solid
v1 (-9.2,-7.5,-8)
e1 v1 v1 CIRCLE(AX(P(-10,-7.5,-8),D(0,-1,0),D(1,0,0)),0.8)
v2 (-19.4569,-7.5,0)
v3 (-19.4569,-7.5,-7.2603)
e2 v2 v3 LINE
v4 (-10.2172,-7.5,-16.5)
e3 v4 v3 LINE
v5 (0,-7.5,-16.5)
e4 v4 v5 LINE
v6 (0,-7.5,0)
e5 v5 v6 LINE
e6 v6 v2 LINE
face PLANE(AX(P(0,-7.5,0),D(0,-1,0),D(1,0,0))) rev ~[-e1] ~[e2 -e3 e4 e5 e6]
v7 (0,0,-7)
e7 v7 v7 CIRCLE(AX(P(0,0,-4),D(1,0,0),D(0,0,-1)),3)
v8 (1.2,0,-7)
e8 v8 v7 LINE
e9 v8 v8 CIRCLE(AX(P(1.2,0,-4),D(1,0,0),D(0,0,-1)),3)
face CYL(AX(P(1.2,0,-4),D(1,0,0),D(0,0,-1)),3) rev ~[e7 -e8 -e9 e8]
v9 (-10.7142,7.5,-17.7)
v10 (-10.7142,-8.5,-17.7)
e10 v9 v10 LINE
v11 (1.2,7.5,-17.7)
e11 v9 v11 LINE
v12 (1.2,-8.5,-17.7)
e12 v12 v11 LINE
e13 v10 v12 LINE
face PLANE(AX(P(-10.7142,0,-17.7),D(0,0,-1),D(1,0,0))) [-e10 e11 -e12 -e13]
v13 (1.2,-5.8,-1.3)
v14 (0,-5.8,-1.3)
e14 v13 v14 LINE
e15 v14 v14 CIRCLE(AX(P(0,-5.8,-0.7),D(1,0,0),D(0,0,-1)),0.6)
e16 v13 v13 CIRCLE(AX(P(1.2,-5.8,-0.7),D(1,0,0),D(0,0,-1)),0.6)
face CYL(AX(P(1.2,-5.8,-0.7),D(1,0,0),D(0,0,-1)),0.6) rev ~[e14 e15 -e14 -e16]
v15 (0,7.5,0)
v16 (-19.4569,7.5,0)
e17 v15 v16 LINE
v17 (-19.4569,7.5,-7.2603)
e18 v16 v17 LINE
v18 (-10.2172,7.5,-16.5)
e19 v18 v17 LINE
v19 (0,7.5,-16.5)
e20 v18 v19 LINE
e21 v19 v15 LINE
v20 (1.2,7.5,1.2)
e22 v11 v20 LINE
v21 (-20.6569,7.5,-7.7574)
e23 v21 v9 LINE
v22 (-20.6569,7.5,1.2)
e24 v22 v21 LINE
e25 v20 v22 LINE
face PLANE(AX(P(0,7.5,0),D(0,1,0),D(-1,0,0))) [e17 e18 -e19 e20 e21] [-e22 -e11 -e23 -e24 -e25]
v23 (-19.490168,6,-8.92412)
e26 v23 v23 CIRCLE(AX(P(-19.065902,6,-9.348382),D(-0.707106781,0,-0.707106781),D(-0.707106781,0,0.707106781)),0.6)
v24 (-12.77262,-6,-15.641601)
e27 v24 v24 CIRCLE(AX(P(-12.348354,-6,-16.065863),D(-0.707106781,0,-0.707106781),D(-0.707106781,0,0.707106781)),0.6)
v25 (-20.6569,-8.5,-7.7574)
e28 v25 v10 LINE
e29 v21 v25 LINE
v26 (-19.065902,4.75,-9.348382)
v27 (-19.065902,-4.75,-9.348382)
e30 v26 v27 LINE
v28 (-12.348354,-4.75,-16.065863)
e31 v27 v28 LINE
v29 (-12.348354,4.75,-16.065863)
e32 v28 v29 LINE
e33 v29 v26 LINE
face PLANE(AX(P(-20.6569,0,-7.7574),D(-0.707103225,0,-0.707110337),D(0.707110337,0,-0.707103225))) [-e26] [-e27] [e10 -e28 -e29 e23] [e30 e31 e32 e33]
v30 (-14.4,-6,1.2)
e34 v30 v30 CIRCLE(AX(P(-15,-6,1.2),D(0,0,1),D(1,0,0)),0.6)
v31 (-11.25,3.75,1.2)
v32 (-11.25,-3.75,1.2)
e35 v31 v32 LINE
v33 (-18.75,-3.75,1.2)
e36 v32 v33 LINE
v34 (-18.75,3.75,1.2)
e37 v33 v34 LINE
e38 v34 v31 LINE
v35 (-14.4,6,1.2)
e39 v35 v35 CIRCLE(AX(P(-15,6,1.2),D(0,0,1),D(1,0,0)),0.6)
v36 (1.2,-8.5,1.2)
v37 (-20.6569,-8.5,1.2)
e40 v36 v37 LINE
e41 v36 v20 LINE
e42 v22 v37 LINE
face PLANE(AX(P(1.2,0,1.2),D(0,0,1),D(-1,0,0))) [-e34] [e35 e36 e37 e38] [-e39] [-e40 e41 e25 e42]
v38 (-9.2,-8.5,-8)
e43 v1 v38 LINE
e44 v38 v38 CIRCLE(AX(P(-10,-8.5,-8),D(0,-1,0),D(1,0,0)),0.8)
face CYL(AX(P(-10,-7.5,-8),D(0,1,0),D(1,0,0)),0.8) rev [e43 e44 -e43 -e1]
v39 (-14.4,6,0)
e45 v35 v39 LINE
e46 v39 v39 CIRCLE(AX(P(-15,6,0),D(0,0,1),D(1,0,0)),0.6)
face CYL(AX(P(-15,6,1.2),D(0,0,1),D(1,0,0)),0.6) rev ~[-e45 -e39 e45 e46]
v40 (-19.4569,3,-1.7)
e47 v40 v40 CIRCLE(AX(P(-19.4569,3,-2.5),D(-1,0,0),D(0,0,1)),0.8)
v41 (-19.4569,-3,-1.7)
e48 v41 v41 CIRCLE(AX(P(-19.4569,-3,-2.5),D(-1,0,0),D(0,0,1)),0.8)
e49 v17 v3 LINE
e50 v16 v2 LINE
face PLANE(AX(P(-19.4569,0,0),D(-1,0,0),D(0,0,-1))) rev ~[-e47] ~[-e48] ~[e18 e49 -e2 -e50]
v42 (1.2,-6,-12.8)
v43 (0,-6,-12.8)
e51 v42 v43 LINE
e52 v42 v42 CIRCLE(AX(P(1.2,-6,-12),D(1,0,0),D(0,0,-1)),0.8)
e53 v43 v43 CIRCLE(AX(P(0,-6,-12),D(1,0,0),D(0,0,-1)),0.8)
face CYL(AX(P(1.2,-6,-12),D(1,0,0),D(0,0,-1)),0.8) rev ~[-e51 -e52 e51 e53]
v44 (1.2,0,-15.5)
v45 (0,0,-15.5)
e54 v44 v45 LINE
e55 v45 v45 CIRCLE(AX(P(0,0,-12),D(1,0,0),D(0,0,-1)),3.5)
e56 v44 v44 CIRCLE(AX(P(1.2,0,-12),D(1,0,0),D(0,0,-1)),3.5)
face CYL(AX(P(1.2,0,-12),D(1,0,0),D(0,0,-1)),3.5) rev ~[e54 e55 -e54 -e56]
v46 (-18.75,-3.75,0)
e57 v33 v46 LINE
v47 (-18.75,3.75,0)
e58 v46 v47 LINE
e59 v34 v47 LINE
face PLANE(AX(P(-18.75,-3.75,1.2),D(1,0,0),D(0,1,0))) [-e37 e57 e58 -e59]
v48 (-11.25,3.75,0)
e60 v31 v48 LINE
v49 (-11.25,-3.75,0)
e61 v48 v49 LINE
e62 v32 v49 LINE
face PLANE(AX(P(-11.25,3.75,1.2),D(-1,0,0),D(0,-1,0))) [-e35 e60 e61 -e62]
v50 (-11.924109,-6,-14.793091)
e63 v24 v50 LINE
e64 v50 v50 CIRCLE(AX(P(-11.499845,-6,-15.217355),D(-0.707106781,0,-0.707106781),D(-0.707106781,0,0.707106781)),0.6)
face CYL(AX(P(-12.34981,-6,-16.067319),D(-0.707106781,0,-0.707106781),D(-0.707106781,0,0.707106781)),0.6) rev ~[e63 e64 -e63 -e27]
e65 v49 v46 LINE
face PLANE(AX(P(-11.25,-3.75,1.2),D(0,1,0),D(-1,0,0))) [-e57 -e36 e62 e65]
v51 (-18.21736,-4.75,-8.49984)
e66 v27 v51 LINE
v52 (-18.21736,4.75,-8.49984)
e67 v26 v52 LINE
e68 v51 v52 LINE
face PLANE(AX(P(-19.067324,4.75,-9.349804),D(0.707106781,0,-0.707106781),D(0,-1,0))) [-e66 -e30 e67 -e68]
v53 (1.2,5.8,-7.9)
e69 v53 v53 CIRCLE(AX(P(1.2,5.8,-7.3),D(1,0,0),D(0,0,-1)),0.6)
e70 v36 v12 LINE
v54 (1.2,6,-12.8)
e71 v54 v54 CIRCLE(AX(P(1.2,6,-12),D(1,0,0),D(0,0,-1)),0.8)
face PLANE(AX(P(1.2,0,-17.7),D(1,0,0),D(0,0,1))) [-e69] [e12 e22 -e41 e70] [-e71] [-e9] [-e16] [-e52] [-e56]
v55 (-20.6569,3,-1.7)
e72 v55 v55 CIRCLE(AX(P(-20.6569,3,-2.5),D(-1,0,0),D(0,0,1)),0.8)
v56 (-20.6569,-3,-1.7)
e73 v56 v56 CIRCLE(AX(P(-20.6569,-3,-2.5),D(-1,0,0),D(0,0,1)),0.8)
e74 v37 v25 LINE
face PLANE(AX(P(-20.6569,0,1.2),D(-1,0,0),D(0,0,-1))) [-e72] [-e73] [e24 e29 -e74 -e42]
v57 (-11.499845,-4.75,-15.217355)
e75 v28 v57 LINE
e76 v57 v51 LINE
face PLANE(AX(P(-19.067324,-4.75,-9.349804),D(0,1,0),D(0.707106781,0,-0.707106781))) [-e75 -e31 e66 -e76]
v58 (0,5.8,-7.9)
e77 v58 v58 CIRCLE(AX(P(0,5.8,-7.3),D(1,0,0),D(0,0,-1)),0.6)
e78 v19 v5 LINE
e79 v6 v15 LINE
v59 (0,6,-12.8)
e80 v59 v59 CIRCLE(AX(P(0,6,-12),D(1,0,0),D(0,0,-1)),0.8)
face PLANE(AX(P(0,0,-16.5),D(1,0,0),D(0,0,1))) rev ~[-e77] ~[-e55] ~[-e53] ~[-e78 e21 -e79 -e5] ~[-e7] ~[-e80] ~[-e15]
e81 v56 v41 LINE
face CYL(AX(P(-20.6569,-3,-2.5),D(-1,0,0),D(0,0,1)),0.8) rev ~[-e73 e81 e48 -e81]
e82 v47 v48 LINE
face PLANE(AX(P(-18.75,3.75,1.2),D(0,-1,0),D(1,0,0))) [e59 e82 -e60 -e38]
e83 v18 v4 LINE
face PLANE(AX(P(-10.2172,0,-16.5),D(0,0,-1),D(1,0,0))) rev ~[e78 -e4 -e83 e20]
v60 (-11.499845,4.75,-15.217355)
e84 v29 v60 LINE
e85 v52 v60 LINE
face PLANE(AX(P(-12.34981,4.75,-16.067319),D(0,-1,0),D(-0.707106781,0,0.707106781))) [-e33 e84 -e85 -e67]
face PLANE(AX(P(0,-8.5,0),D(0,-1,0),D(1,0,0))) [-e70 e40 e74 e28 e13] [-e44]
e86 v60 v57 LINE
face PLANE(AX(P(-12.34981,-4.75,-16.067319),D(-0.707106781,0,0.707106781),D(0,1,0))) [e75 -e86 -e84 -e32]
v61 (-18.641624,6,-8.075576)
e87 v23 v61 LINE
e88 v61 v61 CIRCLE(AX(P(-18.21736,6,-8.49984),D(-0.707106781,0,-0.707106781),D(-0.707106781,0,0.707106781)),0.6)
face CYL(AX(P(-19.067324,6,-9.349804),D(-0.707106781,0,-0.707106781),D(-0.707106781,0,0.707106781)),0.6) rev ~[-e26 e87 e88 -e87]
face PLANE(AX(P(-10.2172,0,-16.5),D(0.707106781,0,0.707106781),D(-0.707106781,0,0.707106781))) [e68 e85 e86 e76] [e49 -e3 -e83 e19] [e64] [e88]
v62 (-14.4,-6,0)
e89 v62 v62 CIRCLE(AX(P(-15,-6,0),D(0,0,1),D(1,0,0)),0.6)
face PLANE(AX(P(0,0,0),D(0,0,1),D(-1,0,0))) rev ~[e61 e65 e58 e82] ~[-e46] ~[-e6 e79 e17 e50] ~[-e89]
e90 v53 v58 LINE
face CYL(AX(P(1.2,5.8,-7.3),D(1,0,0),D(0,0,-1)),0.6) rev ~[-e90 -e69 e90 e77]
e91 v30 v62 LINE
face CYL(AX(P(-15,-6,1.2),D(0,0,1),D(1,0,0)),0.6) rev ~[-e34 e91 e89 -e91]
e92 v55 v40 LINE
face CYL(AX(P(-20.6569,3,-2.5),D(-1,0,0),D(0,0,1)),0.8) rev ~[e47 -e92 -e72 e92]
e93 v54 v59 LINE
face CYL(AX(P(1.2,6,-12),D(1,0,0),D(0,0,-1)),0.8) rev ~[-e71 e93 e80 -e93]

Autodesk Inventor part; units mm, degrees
ref_plane "YZ Plane" through (0, 0, 0) normal (1, 0, 0) x (0, 1, 0)
ref_plane "XZ Plane" through (0, 0, 0) normal (0, 1, 0) x (-1, 0, 0)
ref_plane "XY Plane" through (0, 0, 0) normal (0, 0, 1) x (1, 0, 0)
sketch "Sketch1" plane through (0, 0, 0) normal (0, 1, 0) x (-1, 0, 0)
  line L0 (0, -4) -> (15, -4) construction
  line L1 (15, -4) -> (15, -12) construction
  line L2 (15, -12) -> (-4.6836, -12) construction
  line L3 (0, 0) -> (19.4569, 0)
  line L4 (19.4569, 0) -> (19.4569, -7.2603)
  line L5 (10.2172, -16.5) -> (0, -16.5)
  line L6 (0, -16.5) -> (0, 0)
  line L7 (-1.2, 1.2) -> (20.6569, 1.2)
  line L8 (20.6569, 1.2) -> (20.6569, -7.7574)
  line L9 (10.7142, -17.7) -> (-1.2, -17.7)
  line L10 (-1.2, -17.7) -> (-1.2, 1.2)
  line L11 (10.2172, -16.5) -> (19.4569, -7.2603)
  line L12 (20.6569, -7.7574) -> (10.7142, -17.7)
  line L13 (15, -12) -> (15.7071, -12.7071) construction
  line L14 (17.4749, -6.4749) -> (12.5251, -1.5251) construction
  line L15 (12.5251, -1.5251) -> (13.2676, -0.7827) construction
  line L16 (17.4749, -6.4749) -> (18.2173, -5.7324) construction
  line L17 (18.2173, -5.7324) -> (13.2676, -0.7827) construction
  line L18 (15, -12) -> (16.1863, -13.1863) construction
  point P0 (15, -8)
  dimension "d0" = 1.2
  dimension "d1" = 1.2
  dimension "d2" = 1.2
  dimension "d3" = 4
  dimension "d4" = 4.5
  dimension "d5" = 8
  dimension "d6" = 15
  dimension "d8" = 135
  dimension "d9" = 1.2
  dimension "d10" = 1.2
  dimension "d11" = 1
  dimension "d12" = 7
  dimension "d13" = 45
  dimension "d20" = 7
  dimension "d21" = 1.05
  dimension "d49" = 1.2395
  dimension "d68" = 4.4569
  dimension "d69" = 8
extrude "Extrusion1" add sketch "Sketch1" along normal mid plane 15
sketch "Sketch2" plane through (1.2, -7.5, -17.7) normal (1, 0, 0) x (0, 0, -1)
  circle A0 centre (-5.7, 7.5) radius 3.5
  circle A1 centre (-13.7, 7.5) radius 3
  circle A2 centre (-10.4, 13.3) radius 0.6
  circle A3 centre (-17, 1.7) radius 0.6
  line L0 (-10.4, 13.3) -> (-17, 1.7) construction
  line L1 (-16.7, 7.5) -> (-16.7, 7.5)
  circle A4 centre (-9.7, 1.5) radius 0.8
  line L2 (0, 0) -> (-18.9, 0) projected
  line L3 (-13.7, 7.5) -> (-5.7, 7.5) construction
  circle A5 centre (-5.7, 13.5) radius 0.8
  circle A6 centre (-5.7, 1.5) radius 0.8
  line L4 (-5.7, 1.5) -> (-5.7, 13.5) construction
  point P0 (-17.7, 7.5)
  point P1 (-5.7, 7.5)
  point P2 (-9.7, 7.5)
  dimension "d22" = 7
  dimension "d23" = 6
  dimension "d56" = 5.8
  dimension "d57" = 3.3
  dimension "d58" = 1.2
  dimension "d59" = 3
  dimension "d66" = 1.6
  dimension "d67" = 1.5
  dimension "d74" = 6
extrude "Extrusion2" cut sketch "Sketch2" against normal blind 3 contours A0 | A1 | A2 | A3 | A5 | A6
sketch "Sketch3" plane through (-20.6569, -7.5, 1.2) normal (-1, 0, 0) x (0, 0, 1)
  circle A0 centre (-3.7, 10.5) radius 0.8
  circle A1 centre (-5.2, 7.5) radius 0.8 construction
  circle A2 centre (-3.7, 4.5) radius 0.8
  line L0 (-11.5, 6.75) -> (-11.5, 8.25)
  line L1 (-9.9, 6.75) -> (-9.9, 8.25)
  arc A3 (-9.9, 8.25) -> (-11.5, 8.25) centre (-10.7, 8.25) ccw
  arc A4 (-11.5, 6.75) -> (-9.9, 6.75) centre (-10.7, 6.75) ccw
  line L2 (-3.7, 4.5) -> (-3.7, 10.5) construction
  point P0 (-1.2, 7.5)
  point P1 (-5.2, 7.5)
  point P2 (-10.7, 7.5)
  point P3 (-11.5, 7.5)
  point P4 (-3.7, 7.5)
  dimension "d28" = 1.6
  dimension "d32" = 5.5
  dimension "d52" = 1.5
  dimension "d53" = 0.8
  dimension "d64" = 6
  dimension "d65" = 1.5
extrude "Extrusion3" cut sketch "Sketch3" against normal blind 2 contours A0 | A2
sketch "Sketch4" plane through (-20.6569, -7.5, -7.7574) normal (-0.7071, 0, -0.7071) x (-0.7071, 0, 0.7071)
  line L0 (-11.75, 12.25) -> (-2.25, 12.25)
  line L1 (-2.25, 12.25) -> (-2.25, 2.75)
  line L2 (-2.25, 2.75) -> (-11.75, 2.75)
  line L3 (-11.75, 2.75) -> (-11.75, 12.25)
  circle A0 centre (-11.75, 13.5) radius 0.6
  circle A1 centre (-2.25, 13.5) radius 0.6
  circle A2 centre (-11.75, 1.5) radius 0.6
  circle A3 centre (-2.25, 1.5) radius 0.6
  point P0 (-9.1213, 7.5)
  point P1 (-7, 7.5)
  point P2 (-7, 7.5)
  point P3 (-7, 7.5)
  point P4 (-11.75, 7.5)
  point P5 (-7, 12.25)
  dimension "d35" = 9.5
  dimension "d36" = 6
  dimension "d37" = 6
  dimension "d38" = 1.2
extrude "Extrusion4" cut sketch "Sketch4" against normal blind 2 contours L0 L1 L2 L3 | A1 | A2
sketch "Sketch5" plane through (-20.6569, 7.5, 1.2) normal (0, 0, 1) x (1, 0, 0)
  line L0 (1.9069, -3.75) -> (9.4069, -3.75)
  line L1 (9.4069, -3.75) -> (9.4069, -11.25)
  line L2 (9.4069, -11.25) -> (1.9069, -11.25)
  line L3 (1.9069, -11.25) -> (1.9069, -3.75)
  circle A0 centre (5.6569, -1.5) radius 0.6
  circle A1 centre (5.6569, -13.5) radius 0.6
  arc A2 (13.6569, -12.7) -> (13.6569, -14.3) centre (13.6569, -13.5) ccw
  arc A3 (17.6569, -14.3) -> (17.6569, -12.7) centre (17.6569, -13.5) ccw
  line L4 (13.6569, -12.7) -> (17.6569, -12.7)
  line L5 (13.6569, -14.3) -> (17.6569, -14.3)
  point P0 (20.6569, -7.5)
  point P1 (5.6569, -7.5)
  point P2 (5.6569, -7.5)
  point P3 (5.6569, -7.5)
  point P4 (9.4069, -7.5)
  point P5 (5.6569, -3.75)
  point P6 (15.6569, -12.7)
  dimension "d41" = 7.5
  dimension "d42" = 6
  dimension "d43" = 6
  dimension "d44" = 1.2
  dimension "d70" = 1.6
  dimension "d71" = 6
  dimension "d72" = 10
  dimension "d73" = 4
extrude "Extrusion5" cut sketch "Sketch5" against normal blind 2 contours L0 L1 L2 L3 | A0 | A1
sketch "Sketch6" plane through (0, -7.5, 0) normal (0, -1, 0) x (1, 0, 0)
  line L0 (1.2, -17.7) -> (1.2, 1.2) projected
  line L1 (1.2, 1.2) -> (-20.6569, 1.2) projected
  line L2 (-20.6569, 1.2) -> (-20.6569, -7.7574) projected
  line L3 (-20.6569, -7.7574) -> (-10.7142, -17.7) projected
  line L4 (-10.7142, -17.7) -> (1.2, -17.7) projected
  line L5 (-15, -4) -> (-15, -12) construction
  line L6 (1.2, -10.187) -> (1.2, -11.787) projected
  circle A0 centre (-15, -8) radius 0.8
  circle A1 centre (-10, -8) radius 0.8
  point P0 (0, 0)
  dimension "d61" = 1.6
  dimension "d62" = 5
extrude "Extrusion6" add sketch "Sketch6" along normal blind 1 contours L4 L3 L2 L1 L0 | A0
properties part number "tactic2 chassis2"
